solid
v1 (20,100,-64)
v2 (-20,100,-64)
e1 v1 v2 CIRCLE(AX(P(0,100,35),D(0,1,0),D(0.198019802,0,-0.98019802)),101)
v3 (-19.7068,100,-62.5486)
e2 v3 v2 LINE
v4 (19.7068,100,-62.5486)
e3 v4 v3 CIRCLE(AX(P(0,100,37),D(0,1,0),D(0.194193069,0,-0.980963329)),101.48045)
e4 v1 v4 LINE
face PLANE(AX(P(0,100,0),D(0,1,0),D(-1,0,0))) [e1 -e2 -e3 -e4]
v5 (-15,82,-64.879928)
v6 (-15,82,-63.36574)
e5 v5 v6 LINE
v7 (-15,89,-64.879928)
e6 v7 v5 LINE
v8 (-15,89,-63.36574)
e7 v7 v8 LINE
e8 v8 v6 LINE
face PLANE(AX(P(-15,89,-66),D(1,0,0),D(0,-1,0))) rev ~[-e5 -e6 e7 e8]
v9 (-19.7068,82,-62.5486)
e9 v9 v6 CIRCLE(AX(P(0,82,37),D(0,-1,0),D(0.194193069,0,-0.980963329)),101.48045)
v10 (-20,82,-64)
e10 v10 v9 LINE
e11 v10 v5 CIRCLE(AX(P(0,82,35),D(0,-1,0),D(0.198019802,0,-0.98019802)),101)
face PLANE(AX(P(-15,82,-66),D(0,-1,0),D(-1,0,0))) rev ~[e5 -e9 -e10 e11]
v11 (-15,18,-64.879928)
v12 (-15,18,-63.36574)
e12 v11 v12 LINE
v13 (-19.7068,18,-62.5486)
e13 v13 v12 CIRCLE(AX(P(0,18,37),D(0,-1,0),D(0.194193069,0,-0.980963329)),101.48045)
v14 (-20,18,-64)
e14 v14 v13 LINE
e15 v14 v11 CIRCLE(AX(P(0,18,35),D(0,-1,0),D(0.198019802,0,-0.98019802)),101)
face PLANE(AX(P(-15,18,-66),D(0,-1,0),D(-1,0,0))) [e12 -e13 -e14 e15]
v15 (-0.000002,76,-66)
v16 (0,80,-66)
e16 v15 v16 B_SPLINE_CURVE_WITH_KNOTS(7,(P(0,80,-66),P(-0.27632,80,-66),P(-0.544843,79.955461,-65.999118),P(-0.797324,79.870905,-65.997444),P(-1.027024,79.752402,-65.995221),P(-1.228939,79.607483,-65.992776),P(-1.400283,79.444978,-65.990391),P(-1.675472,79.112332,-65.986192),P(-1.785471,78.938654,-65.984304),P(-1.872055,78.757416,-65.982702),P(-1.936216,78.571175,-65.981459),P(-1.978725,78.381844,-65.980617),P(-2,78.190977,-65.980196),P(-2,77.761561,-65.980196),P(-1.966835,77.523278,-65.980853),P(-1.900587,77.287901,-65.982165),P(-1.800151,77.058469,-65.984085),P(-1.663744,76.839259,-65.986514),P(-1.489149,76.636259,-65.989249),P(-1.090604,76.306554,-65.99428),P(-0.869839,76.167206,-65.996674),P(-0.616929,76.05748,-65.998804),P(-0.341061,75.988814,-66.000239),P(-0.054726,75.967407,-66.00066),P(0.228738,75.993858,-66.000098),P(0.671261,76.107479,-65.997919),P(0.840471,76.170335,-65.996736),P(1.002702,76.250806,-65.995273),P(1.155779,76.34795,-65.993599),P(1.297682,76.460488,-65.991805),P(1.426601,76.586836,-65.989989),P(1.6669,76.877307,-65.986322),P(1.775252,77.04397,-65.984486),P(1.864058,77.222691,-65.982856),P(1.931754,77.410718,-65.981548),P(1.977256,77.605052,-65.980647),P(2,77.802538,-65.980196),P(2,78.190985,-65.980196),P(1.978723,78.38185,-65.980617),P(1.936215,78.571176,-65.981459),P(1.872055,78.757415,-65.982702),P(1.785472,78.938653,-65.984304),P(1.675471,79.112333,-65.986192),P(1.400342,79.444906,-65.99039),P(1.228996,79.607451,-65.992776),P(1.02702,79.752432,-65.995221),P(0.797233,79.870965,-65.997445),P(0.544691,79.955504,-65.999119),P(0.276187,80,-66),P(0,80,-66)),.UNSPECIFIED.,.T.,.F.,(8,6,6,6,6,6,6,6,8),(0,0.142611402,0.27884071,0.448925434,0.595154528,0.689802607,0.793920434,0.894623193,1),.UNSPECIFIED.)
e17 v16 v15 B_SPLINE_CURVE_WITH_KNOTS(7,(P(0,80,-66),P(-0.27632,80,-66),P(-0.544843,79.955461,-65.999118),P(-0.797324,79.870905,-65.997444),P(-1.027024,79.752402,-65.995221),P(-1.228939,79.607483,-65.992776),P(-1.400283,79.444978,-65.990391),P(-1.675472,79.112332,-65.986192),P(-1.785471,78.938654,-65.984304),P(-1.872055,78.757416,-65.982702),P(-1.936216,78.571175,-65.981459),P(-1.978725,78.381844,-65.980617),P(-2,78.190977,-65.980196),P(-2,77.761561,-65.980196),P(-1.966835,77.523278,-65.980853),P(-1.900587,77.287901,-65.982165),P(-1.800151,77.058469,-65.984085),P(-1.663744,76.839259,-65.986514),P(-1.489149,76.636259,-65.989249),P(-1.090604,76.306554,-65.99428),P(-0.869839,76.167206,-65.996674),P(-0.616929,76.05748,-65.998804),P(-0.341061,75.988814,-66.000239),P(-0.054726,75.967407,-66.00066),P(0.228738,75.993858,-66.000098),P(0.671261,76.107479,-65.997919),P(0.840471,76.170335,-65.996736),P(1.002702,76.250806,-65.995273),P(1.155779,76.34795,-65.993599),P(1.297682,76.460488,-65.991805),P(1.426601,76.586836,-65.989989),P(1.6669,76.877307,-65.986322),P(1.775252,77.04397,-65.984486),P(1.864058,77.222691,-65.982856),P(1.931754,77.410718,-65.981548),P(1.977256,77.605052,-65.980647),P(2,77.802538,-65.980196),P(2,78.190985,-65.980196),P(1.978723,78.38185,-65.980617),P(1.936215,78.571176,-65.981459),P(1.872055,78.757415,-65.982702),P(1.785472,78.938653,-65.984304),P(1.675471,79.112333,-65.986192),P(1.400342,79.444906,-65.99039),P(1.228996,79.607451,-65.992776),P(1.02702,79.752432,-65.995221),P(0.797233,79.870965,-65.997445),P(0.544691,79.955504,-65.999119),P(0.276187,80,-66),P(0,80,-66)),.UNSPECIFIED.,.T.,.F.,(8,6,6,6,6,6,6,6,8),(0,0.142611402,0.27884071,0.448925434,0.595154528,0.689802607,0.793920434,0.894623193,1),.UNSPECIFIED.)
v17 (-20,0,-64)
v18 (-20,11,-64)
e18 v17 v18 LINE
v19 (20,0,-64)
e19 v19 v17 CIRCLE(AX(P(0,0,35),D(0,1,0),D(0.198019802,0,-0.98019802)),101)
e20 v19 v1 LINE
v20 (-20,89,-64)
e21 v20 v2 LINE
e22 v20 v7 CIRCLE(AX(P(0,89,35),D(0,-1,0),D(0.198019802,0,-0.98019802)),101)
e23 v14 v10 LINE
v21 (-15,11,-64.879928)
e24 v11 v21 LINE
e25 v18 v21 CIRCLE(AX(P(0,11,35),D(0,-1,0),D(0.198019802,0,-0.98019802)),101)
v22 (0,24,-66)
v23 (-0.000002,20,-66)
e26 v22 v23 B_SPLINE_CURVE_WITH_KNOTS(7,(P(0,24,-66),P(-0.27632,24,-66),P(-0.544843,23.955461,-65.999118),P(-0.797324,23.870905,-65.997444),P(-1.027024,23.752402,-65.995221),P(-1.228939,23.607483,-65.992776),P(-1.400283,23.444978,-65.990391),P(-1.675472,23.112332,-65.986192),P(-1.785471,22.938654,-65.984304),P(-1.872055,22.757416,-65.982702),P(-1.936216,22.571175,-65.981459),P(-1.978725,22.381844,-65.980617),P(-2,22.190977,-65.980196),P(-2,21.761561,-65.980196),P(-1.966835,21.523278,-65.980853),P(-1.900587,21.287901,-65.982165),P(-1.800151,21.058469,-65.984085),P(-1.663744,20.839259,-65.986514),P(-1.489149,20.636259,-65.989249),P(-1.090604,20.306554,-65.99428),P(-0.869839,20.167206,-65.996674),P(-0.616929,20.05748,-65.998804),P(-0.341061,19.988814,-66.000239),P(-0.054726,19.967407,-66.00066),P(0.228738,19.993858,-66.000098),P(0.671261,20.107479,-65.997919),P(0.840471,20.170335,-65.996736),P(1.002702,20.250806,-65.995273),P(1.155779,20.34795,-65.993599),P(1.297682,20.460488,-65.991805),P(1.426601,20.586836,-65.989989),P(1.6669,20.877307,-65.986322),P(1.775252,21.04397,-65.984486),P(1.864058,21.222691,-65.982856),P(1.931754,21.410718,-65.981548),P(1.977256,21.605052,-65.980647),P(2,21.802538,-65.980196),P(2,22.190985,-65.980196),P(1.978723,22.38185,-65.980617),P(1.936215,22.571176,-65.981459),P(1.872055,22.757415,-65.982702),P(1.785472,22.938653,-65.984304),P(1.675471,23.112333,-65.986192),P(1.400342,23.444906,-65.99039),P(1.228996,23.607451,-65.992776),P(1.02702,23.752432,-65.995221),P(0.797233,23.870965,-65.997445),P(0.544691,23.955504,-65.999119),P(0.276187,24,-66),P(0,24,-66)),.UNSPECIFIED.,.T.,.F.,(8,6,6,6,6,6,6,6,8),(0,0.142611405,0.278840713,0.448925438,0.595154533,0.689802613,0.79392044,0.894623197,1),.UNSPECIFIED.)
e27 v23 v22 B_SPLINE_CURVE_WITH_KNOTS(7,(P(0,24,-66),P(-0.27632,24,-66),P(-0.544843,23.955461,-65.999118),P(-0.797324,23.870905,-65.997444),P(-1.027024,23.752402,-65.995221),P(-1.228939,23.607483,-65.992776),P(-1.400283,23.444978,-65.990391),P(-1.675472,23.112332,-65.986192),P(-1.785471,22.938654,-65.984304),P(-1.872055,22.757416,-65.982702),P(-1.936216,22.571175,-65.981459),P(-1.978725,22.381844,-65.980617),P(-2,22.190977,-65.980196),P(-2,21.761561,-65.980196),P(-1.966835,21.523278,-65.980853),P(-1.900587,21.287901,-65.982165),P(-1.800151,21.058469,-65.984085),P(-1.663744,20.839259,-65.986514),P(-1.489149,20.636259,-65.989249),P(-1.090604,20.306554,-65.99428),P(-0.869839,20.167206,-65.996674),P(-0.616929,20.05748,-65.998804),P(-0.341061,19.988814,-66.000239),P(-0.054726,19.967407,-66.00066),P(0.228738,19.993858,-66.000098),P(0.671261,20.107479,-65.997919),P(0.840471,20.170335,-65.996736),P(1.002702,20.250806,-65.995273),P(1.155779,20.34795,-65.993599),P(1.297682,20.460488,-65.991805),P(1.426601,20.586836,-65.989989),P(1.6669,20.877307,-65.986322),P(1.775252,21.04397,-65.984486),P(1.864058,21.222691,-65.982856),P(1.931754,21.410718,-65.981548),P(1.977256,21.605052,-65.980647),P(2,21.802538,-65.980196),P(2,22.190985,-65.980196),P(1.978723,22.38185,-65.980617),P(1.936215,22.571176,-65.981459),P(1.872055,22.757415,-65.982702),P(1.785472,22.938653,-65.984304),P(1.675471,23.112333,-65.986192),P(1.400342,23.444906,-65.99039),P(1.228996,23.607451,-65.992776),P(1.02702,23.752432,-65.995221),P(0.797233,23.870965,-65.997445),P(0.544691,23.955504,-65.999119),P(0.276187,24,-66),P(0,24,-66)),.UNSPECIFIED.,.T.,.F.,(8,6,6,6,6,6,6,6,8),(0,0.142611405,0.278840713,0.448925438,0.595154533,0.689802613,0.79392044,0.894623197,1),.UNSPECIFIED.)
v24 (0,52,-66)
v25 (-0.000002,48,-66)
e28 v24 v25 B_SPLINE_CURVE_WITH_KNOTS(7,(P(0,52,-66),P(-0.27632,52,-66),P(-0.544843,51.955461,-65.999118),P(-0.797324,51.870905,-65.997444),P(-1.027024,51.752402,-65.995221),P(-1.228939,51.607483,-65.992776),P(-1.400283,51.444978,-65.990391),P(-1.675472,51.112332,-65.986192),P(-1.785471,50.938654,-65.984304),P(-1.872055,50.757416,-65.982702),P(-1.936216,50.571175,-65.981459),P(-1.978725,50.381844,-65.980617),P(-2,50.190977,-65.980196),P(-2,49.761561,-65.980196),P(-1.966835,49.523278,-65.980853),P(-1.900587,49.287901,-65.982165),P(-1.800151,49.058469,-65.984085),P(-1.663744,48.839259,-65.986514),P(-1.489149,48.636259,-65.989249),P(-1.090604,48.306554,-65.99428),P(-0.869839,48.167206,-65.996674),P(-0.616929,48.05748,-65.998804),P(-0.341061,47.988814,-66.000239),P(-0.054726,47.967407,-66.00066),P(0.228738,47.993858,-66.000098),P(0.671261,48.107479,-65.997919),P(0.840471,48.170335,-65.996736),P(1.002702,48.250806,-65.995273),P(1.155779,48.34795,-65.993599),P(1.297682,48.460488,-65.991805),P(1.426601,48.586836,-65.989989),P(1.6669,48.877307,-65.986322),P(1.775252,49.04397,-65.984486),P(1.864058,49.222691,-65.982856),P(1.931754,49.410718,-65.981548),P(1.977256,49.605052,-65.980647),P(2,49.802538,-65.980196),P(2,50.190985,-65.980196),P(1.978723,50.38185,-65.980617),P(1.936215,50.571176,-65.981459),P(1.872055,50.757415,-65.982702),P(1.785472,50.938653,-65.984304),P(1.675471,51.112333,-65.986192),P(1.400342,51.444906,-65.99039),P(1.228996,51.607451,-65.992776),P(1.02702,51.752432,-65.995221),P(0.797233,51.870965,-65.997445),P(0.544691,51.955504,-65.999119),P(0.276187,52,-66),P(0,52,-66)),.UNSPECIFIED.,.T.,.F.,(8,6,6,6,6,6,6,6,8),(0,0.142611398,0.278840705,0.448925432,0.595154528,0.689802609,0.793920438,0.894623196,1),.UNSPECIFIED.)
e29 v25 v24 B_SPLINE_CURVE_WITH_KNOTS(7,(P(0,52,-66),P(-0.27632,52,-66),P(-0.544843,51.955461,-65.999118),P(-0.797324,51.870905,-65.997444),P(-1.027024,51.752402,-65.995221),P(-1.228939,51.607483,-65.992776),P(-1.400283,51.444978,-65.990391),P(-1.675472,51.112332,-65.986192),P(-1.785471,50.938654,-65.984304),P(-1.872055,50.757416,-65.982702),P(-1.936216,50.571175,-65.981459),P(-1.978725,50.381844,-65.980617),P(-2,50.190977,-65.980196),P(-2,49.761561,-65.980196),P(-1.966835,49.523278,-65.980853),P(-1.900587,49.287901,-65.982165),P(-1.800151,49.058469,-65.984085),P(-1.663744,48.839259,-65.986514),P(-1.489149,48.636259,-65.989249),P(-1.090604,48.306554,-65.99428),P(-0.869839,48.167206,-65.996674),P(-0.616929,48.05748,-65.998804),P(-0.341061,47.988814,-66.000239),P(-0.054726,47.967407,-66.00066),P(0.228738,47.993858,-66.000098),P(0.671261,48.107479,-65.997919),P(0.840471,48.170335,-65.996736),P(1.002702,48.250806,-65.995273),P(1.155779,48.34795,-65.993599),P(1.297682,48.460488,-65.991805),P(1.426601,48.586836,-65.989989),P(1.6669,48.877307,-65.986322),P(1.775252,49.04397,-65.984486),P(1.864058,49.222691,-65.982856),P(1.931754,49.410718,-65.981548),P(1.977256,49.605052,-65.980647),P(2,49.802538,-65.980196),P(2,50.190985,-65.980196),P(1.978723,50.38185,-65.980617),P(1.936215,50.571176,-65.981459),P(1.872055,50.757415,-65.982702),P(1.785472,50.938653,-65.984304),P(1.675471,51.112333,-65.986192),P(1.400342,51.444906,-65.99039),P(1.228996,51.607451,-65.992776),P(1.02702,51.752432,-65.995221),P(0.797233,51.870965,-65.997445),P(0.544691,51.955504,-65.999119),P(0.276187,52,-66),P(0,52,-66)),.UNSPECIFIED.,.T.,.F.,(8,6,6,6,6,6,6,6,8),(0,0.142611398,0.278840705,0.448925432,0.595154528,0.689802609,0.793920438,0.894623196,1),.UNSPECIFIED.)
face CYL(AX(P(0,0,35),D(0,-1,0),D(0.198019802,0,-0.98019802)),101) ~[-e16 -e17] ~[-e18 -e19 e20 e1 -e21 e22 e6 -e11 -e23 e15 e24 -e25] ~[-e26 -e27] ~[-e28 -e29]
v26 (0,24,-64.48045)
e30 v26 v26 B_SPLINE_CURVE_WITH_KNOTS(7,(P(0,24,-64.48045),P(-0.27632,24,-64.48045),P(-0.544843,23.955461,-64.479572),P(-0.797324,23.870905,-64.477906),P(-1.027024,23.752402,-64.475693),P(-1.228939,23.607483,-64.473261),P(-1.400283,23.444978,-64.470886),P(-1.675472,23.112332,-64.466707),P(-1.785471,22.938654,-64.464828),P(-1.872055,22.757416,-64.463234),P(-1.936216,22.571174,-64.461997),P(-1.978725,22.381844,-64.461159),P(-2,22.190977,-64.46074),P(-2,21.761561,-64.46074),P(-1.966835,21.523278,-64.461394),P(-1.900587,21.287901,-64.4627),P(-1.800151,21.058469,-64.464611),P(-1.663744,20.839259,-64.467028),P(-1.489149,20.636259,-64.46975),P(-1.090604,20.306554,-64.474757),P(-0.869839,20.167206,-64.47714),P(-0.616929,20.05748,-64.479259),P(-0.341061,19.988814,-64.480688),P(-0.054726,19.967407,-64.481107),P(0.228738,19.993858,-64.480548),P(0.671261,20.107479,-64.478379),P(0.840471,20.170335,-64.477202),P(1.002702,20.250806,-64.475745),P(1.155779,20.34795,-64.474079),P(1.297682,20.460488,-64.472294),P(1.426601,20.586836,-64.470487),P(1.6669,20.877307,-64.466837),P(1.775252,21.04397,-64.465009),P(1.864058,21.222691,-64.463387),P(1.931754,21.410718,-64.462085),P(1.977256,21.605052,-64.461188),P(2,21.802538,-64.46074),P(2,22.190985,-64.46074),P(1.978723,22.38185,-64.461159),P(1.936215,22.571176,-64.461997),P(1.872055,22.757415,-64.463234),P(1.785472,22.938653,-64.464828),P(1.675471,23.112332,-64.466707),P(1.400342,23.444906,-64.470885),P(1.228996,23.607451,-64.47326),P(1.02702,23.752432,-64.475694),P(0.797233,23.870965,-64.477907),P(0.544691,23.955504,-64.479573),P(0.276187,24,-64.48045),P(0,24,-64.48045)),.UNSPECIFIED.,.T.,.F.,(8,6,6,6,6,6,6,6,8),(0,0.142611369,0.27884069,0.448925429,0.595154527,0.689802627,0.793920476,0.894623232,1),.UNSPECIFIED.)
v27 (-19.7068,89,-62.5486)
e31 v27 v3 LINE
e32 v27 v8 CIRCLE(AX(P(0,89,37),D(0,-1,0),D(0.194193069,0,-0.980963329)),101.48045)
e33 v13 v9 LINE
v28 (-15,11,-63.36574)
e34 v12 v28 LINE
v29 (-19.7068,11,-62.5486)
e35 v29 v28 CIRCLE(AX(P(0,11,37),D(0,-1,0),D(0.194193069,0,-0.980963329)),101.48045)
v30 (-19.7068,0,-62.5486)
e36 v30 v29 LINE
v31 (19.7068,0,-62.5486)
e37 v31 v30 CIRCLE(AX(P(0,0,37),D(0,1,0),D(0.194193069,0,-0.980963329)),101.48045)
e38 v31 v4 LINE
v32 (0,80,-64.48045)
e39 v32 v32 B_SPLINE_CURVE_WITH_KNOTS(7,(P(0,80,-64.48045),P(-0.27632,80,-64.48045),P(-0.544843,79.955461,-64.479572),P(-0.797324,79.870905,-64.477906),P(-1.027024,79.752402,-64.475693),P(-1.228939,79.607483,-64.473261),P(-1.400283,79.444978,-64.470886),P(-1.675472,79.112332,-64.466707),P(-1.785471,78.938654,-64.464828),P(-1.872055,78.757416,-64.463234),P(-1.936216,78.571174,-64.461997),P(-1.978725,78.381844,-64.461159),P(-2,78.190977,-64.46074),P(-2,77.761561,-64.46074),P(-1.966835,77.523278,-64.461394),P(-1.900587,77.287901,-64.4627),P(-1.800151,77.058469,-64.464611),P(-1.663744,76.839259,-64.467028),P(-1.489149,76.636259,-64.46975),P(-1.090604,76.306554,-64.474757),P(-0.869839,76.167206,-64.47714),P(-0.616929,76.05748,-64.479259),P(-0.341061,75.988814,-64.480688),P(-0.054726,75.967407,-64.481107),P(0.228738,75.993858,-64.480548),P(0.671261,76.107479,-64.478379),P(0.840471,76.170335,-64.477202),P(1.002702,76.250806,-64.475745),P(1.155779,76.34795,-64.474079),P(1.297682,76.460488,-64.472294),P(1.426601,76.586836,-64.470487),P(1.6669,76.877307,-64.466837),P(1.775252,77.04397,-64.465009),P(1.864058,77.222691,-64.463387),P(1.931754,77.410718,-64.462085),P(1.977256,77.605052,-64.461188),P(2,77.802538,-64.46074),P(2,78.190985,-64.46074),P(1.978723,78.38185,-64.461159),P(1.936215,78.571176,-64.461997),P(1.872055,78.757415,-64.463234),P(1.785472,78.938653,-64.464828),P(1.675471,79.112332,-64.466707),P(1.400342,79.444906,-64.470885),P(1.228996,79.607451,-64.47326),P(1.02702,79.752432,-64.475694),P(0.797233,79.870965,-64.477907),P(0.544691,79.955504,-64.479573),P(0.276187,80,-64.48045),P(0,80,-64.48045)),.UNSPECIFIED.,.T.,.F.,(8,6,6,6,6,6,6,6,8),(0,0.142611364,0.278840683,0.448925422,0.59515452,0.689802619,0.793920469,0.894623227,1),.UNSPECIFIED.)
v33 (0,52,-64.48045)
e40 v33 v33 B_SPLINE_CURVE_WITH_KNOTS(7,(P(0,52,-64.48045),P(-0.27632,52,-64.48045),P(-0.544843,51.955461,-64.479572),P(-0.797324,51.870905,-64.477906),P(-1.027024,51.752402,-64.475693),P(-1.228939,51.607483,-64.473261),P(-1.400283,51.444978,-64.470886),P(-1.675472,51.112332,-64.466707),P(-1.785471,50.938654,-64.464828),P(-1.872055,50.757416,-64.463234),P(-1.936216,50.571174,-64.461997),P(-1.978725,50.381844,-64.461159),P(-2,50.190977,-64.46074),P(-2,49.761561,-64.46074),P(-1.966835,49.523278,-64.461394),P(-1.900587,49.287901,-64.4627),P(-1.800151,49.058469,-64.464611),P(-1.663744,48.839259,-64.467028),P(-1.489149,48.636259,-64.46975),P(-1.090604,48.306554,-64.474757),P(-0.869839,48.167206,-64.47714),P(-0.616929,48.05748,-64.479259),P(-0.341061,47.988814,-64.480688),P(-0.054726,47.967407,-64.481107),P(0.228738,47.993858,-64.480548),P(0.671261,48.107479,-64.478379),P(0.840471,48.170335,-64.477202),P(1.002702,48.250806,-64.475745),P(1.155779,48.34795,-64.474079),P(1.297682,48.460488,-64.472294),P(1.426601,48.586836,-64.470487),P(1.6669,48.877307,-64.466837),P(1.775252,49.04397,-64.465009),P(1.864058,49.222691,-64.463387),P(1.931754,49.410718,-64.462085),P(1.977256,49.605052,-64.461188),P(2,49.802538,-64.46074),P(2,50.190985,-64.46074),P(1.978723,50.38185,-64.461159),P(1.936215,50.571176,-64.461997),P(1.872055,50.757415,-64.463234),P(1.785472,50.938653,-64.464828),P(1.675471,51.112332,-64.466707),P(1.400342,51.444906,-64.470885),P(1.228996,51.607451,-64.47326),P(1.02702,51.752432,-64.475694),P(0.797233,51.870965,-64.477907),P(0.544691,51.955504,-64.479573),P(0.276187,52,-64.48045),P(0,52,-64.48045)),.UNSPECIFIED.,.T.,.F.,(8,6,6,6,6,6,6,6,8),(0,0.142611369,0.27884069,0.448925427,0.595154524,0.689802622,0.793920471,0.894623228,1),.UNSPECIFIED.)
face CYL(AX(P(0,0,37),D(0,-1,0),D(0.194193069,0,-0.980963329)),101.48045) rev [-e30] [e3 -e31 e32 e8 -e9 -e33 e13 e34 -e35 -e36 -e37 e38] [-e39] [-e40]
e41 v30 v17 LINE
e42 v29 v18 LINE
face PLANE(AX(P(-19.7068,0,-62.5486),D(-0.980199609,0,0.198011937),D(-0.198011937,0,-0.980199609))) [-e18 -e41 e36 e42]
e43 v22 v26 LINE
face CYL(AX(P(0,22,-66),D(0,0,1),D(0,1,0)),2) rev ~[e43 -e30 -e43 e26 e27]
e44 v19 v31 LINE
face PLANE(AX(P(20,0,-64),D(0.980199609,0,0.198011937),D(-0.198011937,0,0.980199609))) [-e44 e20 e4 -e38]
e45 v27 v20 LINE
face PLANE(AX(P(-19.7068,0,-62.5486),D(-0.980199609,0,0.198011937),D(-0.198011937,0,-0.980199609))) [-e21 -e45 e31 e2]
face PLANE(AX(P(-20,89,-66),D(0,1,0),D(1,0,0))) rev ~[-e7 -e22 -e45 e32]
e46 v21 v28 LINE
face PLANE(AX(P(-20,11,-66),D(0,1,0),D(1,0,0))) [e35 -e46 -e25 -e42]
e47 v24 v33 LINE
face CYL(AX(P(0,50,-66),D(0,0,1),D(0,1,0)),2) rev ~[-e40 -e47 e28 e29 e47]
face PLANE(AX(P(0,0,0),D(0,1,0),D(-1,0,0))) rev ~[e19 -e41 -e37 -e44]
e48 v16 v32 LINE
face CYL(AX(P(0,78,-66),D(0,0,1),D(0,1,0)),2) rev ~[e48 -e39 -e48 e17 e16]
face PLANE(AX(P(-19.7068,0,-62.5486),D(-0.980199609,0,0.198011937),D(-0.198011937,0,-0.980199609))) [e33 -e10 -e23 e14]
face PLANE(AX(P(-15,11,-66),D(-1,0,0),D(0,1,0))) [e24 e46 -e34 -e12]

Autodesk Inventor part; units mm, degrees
ref_plane "YZ Plane" through (0, 0, 0) normal (1, 0, 0) x (0, 1, 0)
ref_plane "XZ Plane" through (0, 0, 0) normal (0, 1, 0) x (-1, 0, 0)
sketch "Skizze1" plane through (0, 0, 0) normal (0, 1, 0) x (-1, 0, 0)
  arc A0 (-19.7068, -62.5486) -> (19.7068, -62.5486) centre (0, 37) ccw
  line L0 (19.7068, -62.5486) -> (20, -64)
  arc A1 (-20, -64) -> (20, -64) centre (0, 35) ccw
  line L1 (-20, -64) -> (-19.7068, -62.5486)
  line L2 (0, -64.4804) -> (0, 0) construction
  point P0 (0, -64.4804)
  dimension "d0" = 2
  dimension "d1" = 101
  dimension "d2" = 40
  dimension "d3" = 35
extrude "Extrusion1" add sketch "Skizze1" along normal blind 100
ref_plane "Arbeitsebene1" through (0, 0, -66) normal (0, 0, 1) x (1, 0, 0)
sketch "Skizze2" plane through (0, 0, -66) normal (0, 0, 1) x (1, 0, 0)
  line L0 (20, 100) -> (-20, 100) projected
  point P0 (0, 0)
  point P1 (0, 78)
  point P2 (0, 50)
  point P3 (0, 22)
  dimension "d7" = 22
  dimension "d8" = 22
  dimension "d9" = 28
hole "Bohrung1" at (0, 78, -66) at (0, 50, -66) at (0, 22, -66) direction (0, 0, 1) diameter 4 end through all
sketch "Skizze3" plane through (0, 0, -66) normal (0, 0, 1) x (1, 0, 0)
  line L0 (-20, 0) -> (-20, 100) projected
  line L1 (-20, 89) -> (-15, 89)
  line L2 (-15, 89) -> (-15, 82)
  line L3 (-15, 82) -> (-20, 82)
  line L4 (20, 100) -> (-20, 100) projected
  line L5 (-20, 11) -> (-15, 11)
  line L6 (-15, 11) -> (-15, 18)
  line L7 (-15, 18) -> (-20, 18)
  line L8 (20, 0) -> (-20, 0) projected
  point P0 (0, 0)
  point P1 (-17.5, 82)
  point P2 (-17.5, 89)
  dimension "d17" = 5
  dimension "d18" = 7
  dimension "d19" = 11
  dimension "d20" = 5
  dimension "d21" = 7
  dimension "d22" = 11
extrude "Extrusion2" cut sketch "Skizze3" along normal through all
properties part number "214"
